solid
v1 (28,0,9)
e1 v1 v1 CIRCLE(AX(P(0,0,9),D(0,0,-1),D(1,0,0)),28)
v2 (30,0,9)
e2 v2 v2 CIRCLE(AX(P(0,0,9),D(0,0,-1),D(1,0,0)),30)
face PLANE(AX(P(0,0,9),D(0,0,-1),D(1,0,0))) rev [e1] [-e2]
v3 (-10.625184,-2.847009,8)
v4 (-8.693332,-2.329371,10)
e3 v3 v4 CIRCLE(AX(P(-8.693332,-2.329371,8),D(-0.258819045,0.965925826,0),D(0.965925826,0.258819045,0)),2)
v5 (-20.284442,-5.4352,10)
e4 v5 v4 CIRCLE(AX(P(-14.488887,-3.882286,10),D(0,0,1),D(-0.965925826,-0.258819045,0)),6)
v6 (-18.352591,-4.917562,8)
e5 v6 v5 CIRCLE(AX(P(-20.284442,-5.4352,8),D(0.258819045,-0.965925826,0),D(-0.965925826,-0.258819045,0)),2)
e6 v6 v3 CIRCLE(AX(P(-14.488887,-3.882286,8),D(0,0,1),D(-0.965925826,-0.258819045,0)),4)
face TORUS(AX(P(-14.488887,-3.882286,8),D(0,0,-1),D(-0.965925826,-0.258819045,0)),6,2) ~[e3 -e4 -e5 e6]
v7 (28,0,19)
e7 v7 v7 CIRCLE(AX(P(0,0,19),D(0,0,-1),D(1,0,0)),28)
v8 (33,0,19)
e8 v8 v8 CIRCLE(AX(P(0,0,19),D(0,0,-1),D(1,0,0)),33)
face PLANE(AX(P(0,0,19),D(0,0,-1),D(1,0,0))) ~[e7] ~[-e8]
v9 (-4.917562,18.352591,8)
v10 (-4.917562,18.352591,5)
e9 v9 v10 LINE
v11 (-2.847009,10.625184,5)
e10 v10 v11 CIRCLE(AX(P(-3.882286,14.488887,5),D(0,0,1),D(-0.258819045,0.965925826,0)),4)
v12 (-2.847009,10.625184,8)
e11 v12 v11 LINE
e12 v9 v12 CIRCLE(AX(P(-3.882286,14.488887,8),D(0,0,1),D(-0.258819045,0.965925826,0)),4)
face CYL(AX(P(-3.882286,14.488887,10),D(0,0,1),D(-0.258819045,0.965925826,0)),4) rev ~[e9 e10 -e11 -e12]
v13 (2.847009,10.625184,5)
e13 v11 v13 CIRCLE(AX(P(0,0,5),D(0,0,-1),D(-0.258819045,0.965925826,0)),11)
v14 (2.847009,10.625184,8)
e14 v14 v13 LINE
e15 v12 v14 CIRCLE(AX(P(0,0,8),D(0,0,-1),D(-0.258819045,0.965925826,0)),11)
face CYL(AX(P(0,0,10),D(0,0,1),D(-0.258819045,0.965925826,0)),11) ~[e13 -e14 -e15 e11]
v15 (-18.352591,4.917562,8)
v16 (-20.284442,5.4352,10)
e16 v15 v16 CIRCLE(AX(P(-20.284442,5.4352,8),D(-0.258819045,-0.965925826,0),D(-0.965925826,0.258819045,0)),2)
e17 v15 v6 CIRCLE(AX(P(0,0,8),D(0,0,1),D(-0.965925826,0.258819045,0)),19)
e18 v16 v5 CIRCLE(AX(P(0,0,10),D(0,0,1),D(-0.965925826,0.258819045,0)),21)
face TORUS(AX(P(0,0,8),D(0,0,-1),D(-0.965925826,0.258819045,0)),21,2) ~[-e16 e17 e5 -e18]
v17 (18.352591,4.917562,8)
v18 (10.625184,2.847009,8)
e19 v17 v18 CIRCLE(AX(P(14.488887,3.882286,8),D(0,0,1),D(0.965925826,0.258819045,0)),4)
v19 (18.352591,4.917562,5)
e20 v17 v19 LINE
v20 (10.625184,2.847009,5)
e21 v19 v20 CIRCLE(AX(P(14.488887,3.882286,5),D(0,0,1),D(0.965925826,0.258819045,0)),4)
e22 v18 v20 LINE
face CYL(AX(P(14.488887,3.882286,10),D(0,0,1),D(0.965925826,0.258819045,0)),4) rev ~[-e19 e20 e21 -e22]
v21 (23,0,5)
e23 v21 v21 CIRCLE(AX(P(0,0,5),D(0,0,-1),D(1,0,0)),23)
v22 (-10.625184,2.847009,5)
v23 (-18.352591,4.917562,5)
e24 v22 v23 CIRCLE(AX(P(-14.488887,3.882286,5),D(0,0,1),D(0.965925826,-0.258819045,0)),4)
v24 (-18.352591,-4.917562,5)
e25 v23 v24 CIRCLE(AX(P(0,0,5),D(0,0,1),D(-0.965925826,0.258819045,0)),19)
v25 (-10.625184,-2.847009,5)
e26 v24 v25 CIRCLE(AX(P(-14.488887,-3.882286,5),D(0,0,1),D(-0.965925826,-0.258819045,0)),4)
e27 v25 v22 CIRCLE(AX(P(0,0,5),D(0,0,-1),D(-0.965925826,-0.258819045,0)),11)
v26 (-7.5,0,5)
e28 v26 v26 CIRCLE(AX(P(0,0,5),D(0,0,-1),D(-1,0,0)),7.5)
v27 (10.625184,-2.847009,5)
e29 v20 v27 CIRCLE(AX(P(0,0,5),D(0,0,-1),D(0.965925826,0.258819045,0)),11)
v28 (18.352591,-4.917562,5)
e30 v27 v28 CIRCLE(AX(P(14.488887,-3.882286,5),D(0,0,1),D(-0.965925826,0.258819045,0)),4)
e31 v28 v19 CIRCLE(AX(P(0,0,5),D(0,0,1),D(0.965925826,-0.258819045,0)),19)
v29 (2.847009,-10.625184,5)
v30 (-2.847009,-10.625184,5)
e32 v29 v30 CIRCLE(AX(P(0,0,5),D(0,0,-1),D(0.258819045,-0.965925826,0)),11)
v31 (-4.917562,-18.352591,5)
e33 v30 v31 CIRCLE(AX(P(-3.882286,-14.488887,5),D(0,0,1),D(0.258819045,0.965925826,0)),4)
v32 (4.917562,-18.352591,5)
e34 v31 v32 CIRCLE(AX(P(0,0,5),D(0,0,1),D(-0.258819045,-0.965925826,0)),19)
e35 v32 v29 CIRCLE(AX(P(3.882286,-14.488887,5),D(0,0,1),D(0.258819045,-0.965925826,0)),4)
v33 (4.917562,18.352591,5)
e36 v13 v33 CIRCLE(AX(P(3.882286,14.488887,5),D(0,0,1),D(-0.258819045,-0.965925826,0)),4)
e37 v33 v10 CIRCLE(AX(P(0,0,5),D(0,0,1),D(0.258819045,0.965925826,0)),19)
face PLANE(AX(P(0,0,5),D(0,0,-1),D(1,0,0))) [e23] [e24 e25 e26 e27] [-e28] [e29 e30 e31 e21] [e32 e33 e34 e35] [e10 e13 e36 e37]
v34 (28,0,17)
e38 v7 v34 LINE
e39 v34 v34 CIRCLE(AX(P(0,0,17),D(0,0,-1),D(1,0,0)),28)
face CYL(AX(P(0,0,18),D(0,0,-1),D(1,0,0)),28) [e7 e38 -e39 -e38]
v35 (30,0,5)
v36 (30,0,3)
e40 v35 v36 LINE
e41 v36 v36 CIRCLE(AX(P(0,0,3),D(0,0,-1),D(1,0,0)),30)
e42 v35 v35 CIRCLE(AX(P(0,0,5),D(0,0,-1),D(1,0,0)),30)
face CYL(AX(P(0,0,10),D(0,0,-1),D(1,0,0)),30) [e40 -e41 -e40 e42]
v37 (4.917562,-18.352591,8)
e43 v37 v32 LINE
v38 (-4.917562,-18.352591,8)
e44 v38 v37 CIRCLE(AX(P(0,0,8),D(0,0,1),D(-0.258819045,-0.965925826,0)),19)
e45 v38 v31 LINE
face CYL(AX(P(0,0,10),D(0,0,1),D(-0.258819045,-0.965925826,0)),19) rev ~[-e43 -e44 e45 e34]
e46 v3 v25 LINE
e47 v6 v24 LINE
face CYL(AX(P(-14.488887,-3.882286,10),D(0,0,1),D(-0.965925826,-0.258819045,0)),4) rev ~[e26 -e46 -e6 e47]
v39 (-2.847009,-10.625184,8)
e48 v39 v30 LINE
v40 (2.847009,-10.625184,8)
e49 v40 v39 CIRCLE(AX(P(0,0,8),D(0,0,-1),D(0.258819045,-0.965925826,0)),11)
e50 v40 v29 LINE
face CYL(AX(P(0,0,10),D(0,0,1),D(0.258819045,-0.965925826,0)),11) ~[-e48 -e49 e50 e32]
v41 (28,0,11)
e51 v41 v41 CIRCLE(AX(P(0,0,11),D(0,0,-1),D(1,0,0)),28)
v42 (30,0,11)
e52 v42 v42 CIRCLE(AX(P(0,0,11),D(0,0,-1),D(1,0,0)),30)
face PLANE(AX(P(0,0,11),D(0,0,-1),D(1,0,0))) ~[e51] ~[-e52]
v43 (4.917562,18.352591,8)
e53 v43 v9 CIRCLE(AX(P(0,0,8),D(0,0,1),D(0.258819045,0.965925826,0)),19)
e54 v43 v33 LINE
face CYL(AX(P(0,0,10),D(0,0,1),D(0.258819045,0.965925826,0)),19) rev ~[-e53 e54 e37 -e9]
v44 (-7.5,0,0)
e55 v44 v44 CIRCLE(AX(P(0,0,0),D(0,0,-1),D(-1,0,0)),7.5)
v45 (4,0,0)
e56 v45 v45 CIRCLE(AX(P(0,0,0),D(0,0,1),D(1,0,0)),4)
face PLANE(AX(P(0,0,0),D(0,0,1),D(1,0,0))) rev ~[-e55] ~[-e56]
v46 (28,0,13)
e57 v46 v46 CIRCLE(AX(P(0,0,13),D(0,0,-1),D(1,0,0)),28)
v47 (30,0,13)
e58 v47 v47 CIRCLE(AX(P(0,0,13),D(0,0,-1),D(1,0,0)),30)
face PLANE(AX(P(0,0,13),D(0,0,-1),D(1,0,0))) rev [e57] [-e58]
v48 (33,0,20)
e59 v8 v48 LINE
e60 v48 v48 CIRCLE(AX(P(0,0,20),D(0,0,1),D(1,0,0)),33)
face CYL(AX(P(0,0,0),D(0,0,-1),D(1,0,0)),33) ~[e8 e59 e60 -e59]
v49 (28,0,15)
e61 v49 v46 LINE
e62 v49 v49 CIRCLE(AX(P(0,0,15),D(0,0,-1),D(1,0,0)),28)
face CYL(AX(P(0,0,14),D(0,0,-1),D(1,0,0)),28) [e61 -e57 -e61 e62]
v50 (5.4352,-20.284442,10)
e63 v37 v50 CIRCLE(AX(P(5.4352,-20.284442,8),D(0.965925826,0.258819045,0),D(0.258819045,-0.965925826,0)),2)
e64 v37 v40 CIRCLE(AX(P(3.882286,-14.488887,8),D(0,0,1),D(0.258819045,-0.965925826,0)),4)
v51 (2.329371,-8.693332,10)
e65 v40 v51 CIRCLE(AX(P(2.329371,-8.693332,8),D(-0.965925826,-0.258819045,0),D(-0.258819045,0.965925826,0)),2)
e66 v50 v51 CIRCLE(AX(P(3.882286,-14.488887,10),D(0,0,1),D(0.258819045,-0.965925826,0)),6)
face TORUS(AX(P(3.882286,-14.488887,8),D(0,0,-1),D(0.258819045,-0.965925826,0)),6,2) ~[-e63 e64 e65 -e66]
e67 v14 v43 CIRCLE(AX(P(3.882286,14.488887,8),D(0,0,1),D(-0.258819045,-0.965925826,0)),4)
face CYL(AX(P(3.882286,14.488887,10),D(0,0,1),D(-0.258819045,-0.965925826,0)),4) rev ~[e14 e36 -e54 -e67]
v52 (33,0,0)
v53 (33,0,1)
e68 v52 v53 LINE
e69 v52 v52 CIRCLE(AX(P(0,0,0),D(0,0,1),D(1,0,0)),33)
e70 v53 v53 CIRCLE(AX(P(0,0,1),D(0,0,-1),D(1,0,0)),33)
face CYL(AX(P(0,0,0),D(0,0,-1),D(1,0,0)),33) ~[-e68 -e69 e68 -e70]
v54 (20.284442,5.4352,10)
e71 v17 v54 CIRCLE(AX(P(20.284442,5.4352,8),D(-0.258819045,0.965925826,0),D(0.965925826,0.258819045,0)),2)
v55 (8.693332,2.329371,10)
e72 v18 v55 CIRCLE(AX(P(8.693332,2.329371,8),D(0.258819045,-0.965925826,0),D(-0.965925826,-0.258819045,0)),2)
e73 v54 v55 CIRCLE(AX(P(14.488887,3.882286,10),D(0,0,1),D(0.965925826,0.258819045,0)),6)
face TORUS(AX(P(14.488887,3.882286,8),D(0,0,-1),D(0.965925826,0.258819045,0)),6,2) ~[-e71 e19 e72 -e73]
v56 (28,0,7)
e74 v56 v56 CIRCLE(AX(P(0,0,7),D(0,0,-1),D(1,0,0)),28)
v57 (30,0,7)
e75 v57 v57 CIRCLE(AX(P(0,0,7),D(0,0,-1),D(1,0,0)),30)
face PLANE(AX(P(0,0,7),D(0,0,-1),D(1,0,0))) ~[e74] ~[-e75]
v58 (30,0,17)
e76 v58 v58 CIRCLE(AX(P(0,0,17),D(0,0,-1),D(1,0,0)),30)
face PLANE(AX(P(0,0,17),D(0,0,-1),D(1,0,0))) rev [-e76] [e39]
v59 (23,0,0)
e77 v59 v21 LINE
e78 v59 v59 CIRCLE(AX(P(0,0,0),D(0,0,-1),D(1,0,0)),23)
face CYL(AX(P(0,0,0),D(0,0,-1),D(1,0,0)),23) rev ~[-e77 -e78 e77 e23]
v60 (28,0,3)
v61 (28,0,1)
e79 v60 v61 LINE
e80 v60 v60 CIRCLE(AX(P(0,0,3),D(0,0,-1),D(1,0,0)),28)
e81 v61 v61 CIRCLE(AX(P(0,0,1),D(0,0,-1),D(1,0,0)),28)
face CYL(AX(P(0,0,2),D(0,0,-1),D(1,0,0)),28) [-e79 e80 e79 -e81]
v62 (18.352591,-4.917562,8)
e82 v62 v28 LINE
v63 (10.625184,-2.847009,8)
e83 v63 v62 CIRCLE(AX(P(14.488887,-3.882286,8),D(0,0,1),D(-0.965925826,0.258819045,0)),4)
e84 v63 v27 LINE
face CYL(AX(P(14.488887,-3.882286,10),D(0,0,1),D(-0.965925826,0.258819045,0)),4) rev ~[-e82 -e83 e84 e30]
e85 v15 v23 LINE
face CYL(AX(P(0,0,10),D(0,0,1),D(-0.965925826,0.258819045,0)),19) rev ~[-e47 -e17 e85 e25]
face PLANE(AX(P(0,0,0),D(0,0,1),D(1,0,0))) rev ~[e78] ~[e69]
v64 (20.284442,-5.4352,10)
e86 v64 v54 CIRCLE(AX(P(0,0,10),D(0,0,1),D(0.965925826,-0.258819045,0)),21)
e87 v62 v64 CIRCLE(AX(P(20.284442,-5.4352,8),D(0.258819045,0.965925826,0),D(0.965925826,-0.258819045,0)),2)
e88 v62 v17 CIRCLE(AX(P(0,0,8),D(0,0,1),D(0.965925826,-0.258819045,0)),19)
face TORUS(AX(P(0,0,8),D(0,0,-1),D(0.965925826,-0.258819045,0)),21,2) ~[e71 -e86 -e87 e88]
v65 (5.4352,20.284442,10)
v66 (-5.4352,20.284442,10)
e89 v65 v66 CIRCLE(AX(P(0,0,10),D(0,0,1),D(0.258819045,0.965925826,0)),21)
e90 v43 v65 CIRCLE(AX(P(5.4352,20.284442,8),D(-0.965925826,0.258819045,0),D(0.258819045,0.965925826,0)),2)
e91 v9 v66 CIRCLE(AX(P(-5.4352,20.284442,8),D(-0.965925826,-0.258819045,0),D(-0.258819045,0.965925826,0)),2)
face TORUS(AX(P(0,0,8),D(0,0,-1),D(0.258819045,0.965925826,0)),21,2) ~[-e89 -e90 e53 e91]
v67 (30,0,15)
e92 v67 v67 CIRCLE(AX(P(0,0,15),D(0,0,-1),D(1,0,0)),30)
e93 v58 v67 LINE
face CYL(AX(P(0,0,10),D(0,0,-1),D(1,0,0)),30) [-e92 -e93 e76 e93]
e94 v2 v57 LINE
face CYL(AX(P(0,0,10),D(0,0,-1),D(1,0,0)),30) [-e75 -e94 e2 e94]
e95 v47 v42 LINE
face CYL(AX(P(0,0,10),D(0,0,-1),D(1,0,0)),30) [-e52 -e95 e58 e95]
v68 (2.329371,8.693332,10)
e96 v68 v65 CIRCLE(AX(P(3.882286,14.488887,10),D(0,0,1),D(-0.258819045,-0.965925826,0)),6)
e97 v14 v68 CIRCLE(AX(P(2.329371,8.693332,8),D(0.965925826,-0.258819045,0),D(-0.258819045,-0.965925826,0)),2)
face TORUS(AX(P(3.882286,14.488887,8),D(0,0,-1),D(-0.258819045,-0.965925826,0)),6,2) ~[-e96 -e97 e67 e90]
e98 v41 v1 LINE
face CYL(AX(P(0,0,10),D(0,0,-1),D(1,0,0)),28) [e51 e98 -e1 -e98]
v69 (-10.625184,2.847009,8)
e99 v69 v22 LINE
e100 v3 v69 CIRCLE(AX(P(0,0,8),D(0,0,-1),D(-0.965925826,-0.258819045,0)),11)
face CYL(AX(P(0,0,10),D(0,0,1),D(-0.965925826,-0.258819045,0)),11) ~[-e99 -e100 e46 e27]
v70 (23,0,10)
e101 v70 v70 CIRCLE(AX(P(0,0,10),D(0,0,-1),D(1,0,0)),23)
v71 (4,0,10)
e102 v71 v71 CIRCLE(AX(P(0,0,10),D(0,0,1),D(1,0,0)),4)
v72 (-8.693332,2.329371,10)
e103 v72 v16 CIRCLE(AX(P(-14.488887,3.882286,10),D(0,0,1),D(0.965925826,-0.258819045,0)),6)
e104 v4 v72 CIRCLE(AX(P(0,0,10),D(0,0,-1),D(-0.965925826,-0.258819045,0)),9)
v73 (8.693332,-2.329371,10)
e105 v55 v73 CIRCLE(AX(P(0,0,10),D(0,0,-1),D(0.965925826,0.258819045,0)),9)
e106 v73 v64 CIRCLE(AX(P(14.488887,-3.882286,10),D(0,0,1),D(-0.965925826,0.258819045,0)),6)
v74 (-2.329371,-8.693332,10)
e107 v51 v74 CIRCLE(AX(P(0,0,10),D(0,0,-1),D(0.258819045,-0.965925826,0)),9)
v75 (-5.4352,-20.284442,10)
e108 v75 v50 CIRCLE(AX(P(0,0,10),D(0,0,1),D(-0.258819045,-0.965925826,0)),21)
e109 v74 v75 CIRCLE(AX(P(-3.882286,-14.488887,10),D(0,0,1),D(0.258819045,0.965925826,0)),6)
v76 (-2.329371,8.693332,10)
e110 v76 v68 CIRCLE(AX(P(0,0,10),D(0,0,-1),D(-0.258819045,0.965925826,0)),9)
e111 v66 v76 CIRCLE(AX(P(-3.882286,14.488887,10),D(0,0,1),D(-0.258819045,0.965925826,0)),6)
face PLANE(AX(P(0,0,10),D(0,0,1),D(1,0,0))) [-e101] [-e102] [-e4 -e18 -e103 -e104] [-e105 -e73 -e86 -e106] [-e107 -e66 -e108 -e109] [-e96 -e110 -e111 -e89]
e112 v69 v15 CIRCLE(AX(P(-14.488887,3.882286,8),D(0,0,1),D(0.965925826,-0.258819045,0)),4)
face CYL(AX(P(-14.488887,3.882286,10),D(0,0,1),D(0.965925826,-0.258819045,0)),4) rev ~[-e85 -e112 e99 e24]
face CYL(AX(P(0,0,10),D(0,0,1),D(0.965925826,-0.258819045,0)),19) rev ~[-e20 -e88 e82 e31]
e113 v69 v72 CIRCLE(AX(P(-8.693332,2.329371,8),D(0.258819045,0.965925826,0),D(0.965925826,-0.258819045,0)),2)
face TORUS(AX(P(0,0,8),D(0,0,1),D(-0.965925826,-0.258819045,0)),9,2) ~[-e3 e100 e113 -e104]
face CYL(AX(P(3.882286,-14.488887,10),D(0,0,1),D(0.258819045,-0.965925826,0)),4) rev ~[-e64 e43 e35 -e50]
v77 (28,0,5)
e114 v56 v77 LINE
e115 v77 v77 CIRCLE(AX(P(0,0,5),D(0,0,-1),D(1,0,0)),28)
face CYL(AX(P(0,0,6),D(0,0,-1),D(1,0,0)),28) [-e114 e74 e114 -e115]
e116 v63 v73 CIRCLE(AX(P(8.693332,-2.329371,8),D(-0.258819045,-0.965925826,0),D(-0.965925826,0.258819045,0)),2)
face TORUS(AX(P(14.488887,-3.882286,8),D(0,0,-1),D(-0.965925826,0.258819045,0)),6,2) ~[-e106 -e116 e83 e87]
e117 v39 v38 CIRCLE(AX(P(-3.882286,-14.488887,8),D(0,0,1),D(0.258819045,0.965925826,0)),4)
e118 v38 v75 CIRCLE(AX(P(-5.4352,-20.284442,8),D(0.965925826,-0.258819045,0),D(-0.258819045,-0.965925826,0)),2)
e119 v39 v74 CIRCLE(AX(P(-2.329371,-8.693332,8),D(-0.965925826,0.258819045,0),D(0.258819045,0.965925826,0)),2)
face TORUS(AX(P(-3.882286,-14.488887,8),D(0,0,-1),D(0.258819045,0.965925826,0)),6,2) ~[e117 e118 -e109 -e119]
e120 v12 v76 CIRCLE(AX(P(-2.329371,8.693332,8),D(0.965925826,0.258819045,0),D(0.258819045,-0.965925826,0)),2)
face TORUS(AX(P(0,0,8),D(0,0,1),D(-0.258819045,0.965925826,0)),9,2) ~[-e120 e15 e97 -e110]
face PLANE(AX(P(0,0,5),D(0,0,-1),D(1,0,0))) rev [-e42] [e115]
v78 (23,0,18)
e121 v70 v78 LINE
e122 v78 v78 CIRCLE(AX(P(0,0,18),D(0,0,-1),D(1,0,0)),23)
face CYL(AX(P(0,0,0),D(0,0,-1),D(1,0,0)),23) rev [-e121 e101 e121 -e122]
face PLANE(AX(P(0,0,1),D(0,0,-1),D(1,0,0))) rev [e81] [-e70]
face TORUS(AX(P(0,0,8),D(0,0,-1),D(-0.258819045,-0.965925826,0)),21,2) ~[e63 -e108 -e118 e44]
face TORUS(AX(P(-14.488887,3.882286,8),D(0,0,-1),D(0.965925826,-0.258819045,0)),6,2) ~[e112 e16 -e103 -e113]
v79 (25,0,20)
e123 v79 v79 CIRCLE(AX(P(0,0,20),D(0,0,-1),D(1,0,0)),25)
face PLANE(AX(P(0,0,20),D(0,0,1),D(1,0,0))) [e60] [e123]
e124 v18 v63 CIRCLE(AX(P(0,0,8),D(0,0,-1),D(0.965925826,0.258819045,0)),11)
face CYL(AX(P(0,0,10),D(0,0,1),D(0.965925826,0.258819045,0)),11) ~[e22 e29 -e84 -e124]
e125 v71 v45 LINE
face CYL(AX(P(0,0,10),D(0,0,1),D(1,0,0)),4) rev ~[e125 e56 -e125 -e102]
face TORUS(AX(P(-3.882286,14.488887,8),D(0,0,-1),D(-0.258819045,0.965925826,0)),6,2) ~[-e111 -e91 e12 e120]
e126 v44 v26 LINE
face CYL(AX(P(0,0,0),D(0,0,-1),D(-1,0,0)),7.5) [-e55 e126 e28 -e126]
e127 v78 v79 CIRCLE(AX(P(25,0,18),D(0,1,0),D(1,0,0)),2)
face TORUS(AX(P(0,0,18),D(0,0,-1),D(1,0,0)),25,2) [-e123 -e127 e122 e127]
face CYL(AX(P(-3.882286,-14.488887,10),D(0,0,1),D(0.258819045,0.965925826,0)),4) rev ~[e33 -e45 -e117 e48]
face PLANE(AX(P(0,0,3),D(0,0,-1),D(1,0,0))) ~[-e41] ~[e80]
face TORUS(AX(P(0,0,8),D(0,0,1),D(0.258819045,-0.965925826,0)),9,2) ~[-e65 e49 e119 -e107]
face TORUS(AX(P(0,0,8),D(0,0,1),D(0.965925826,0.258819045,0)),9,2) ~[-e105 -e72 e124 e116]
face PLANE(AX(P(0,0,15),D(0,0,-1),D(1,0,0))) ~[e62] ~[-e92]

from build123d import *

# Parameters (mm, degrees)
SKETCH1_R           = 33
BOSS_EXTRUDE1_DEPTH = 20
SHELL1_T            = -10
SKETCH2_R           = 4
CUT_EXTRUDE1_DEPTH  = 48.728398255
SKETCH3_W           = 3
SKETCH3_H           = 18
SKETCH4_W           = 2
SKETCH4_H           = 2
LPATTERN1_COUNT     = 5
LPATTERN1_PITCH     = 4
SKETCH5_R           = 23
SKETCH5_R_2         = 7.5
CUT_EXTRUDE2_DEPTH  = 5
CUT_EXTRUDE3_DEPTH  = 5
CIRPATTERN1_COUNT   = 4
FILLET1_R           = 2
FILLET2_R           = 2


with BuildPart() as part:
    # Sketch1 → Boss-Extrude1 (new body)
    with BuildSketch(Plane.XY):
        Circle(SKETCH1_R)
    extrude(amount=BOSS_EXTRUDE1_DEPTH)

    # Shell1
    shell1_openings = [part.faces().sort_by_distance(p)[0] for p in [
        (0, 0, 20),
    ]]
    offset(amount=SHELL1_T, openings=shell1_openings, kind=Kind.INTERSECTION)

    # Sketch2 → Cut-Extrude1 (cut, through all)
    with BuildSketch(Plane.XY.offset(10)):
        Circle(SKETCH2_R)
    extrude(amount=-CUT_EXTRUDE1_DEPTH, mode=Mode.SUBTRACT)

    # Sketch3 → Cut-Revolve1 (revolve, cut)
    with BuildSketch(Plane(origin=(0, 0, 0), x_dir=(1, 0, 0), z_dir=(0, 1, 0))):
        with Locations((31.5, -10)):
            Rectangle(SKETCH3_W, SKETCH3_H)
    revolve(axis=Axis((0, 0, 20), (0, 0, -1)), mode=Mode.SUBTRACT)

    # Sketch4 → Cut-Revolve2 (revolve, cut)
    with BuildSketch(Plane(origin=(0, 0, 0), x_dir=(1, 0, 0), z_dir=(0, 1, 0))):
        with Locations((29, -2)):
            Rectangle(SKETCH4_W, SKETCH4_H)
    cut_revolve2 = revolve(axis=Axis((0, 0, 20), (0, 0, -1)), mode=Mode.SUBTRACT)

    # LPattern1: Cut-Revolve2 ×5
    with Locations(*[(0, 0, i * LPATTERN1_PITCH) for i in range(1, LPATTERN1_COUNT)]):
        add(cut_revolve2, mode=Mode.SUBTRACT)

    # Sketch5 → Cut-Extrude2 (cut)
    with BuildSketch(Plane(origin=(0, 0, 0), x_dir=(-1, 0, 0), z_dir=(0, 0, -1))):
        with Locations(Location((0, 0, 0), (0, 0, 180))):
            Circle(SKETCH5_R)
        Circle(SKETCH5_R_2, mode=Mode.SUBTRACT)
    extrude(amount=-CUT_EXTRUDE2_DEPTH, mode=Mode.SUBTRACT)

    # Sketch6 → Cut-Extrude3 (cut)
    with BuildSketch(Plane.XY.offset(10)):
        with BuildLine():
            ThreePointArc((4.917561857, 18.352590699), (0, 19), (-4.917561857, 18.352590699))
            ThreePointArc((-4.917561857, 18.352590699), (-7.745988982, 13.453611214), (-2.847009496, 10.625184089))
            ThreePointArc((-2.847009496, 10.625184089), (0, 11), (2.847009496, 10.625184089))
            ThreePointArc((2.847009496, 10.625184089), (7.745988982, 13.453611214), (4.917561857, 18.352590699))
        make_face()
    cut_extrude3 = extrude(amount=-CUT_EXTRUDE3_DEPTH, mode=Mode.SUBTRACT)

    # CirPattern1: Cut-Extrude3 ×4 about axis
    cirpattern1_axis = Axis((0, 0, 0), (0, 0, 1))
    for i in range(1, CIRPATTERN1_COUNT):
        add(cut_extrude3.rotate(cirpattern1_axis, i * 360 / CIRPATTERN1_COUNT), mode=Mode.SUBTRACT)

    # Fillet1
    fillet1_edges = [part.edges().sort_by_distance(p)[0] for p in [
        (7.745988982, 13.453611214, 10),
        (0, 19, 10),
        (-7.745988982, 13.453611214, 10),
        (0, 11, 10),
        (-13.453611214, 7.745988982, 10),
        (-19, 0, 10),
        (-13.453611214, -7.745988982, 10),
        (-11, 0, 10),
        (-7.745988982, -13.453611214, 10),
        (0, -19, 10),
        (7.745988982, -13.453611214, 10),
        (0, -11, 10),
        (13.453611214, -7.745988982, 10),
        (19, 0, 10),
        (13.453611214, 7.745988982, 10),
        (11, 0, 10),
    ]]
    fillet(fillet1_edges, radius=FILLET1_R)

    # Fillet2
    fillet2_edges = [part.edges().sort_by_distance(p)[0] for p in [
        (-23, 0, 20),
    ]]
    fillet(fillet2_edges, radius=FILLET2_R)


solid = part.part
